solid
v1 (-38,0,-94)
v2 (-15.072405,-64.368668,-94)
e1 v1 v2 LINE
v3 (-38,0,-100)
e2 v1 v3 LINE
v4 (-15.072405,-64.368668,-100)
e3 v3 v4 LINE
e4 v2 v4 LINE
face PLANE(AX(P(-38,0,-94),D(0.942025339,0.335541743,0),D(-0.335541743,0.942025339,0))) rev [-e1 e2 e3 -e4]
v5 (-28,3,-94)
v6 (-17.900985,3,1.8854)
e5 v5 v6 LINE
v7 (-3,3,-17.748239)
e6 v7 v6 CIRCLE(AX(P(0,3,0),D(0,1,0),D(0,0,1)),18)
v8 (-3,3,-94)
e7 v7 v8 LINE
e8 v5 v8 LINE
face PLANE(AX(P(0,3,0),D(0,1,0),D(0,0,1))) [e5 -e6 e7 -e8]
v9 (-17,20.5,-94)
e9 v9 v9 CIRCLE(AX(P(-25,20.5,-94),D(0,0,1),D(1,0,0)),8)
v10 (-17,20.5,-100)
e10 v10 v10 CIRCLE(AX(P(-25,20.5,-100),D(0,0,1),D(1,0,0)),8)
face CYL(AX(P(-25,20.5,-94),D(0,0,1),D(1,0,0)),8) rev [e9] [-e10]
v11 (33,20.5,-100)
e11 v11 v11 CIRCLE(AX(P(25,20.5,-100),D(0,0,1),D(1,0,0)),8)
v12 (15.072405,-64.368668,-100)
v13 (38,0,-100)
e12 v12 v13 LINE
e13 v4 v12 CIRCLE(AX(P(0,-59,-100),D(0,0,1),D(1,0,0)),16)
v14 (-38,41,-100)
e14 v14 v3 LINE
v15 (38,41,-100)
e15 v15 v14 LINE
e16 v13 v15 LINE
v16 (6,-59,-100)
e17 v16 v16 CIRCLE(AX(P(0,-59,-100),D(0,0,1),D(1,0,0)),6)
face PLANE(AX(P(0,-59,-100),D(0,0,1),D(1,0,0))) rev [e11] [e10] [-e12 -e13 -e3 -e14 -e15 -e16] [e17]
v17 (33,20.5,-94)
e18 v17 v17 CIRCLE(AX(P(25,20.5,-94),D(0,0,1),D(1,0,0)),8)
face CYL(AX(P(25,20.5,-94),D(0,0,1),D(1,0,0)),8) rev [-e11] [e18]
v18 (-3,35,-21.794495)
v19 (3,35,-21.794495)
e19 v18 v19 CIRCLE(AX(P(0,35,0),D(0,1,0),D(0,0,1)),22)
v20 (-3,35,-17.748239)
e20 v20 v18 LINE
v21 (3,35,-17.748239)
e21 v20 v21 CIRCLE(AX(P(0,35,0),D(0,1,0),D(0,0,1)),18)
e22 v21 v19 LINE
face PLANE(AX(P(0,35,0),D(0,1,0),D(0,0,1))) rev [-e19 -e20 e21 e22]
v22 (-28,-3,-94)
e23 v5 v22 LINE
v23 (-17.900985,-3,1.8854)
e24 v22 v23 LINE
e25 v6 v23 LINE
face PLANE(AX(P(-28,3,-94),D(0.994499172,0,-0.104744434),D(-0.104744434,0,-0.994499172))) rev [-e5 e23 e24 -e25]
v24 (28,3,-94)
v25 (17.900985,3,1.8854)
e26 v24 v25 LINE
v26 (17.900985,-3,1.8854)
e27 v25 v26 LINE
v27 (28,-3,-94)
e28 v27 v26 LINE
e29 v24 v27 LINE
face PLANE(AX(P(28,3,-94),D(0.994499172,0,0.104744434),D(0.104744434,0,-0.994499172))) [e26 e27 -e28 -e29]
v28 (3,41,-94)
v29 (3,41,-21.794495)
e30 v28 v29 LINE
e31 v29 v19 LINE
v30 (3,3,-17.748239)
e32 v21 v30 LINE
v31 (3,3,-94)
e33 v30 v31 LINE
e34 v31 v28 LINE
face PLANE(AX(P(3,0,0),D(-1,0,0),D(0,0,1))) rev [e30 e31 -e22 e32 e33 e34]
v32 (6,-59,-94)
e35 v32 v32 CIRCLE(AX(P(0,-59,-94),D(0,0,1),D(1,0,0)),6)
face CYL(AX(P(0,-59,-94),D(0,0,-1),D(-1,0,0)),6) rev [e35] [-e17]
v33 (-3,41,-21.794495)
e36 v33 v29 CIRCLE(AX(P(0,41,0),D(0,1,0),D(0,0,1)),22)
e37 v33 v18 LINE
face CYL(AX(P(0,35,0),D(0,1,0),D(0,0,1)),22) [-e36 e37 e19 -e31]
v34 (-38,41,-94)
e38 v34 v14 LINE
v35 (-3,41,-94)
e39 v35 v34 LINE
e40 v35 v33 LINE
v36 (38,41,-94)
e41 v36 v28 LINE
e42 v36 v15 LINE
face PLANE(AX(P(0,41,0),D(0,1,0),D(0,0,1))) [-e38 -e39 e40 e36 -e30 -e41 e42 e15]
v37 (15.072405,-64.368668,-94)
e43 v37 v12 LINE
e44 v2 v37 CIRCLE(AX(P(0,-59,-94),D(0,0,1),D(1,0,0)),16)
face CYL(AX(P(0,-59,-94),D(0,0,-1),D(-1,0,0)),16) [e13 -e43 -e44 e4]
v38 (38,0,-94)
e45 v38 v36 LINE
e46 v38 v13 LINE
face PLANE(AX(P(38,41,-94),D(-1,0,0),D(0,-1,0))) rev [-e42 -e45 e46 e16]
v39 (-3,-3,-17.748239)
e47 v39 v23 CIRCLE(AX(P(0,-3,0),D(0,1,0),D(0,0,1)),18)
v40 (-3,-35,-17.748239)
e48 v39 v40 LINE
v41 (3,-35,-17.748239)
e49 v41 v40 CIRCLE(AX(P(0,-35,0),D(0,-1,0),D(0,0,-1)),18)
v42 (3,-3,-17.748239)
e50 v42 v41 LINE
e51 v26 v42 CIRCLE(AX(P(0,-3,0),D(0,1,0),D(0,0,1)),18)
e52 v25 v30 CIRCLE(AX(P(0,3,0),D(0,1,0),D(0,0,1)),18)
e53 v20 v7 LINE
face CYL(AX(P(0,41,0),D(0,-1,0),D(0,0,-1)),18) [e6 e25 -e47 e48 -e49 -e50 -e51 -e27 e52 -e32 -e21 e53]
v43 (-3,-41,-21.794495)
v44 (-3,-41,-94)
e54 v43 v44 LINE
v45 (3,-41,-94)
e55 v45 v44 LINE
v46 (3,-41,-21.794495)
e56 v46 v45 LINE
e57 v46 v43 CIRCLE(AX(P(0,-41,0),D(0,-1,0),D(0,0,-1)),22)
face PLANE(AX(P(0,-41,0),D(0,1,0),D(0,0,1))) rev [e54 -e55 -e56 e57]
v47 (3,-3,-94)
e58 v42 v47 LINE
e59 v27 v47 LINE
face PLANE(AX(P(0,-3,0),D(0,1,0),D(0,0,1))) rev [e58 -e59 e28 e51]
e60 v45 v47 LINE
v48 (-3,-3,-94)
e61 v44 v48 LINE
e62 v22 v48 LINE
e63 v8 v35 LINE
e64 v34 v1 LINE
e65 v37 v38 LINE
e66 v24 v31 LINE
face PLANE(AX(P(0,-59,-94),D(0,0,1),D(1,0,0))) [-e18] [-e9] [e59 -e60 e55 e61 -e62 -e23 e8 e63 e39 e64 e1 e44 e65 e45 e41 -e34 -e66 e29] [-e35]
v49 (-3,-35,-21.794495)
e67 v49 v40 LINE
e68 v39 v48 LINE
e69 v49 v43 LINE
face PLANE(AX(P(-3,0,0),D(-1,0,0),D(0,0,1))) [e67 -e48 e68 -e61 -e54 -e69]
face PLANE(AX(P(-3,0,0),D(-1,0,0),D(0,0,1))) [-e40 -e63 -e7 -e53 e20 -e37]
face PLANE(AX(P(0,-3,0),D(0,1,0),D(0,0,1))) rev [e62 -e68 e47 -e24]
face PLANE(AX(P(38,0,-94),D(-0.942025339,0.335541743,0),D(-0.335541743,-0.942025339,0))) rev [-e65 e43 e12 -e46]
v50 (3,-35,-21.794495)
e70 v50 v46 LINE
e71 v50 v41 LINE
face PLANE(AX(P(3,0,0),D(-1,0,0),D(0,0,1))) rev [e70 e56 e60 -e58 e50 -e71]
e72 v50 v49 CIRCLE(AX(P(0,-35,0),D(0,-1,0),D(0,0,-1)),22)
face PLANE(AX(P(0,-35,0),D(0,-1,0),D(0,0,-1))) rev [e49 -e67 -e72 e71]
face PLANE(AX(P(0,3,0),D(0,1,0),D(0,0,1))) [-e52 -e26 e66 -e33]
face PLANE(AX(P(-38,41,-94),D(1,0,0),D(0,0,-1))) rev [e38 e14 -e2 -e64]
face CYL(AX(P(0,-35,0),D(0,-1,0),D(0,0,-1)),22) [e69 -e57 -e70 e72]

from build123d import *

# Parameters (mm, degrees)
SKETCH1_R           = 18
BOSS_EXTRUDE1_DEPTH = 41
SKETCH3_R           = 6
BOSS_EXTRUDE2_DEPTH = 6
SKETCH4_W           = 81
SKETCH4_H           = 82
BOSS_EXTRUDE3_DEPTH = 3
SKETCH6_R           = 22
BOSS_EXTRUDE4_DEPTH = 6
BOSS_EXTRUDE5_START = -6
SKETCH7_R           = 22
BOSS_EXTRUDE5_DEPTH = 6
BOSS_EXTRUDE6_DEPTH = 3
HOLE1_D             = 16
HOLE1_DEPTH         = 6


with BuildPart() as part:
    # Sketch1 → Boss-Extrude1 (new, symmetric)
    with BuildSketch(Plane(origin=(0, 0, 0), x_dir=(1, 0, 0), z_dir=(0, 1, 0))):
        with Locations(Location((0, 0, 0), (0, 0, 270))):
            Circle(SKETCH1_R)
    extrude(amount=BOSS_EXTRUDE1_DEPTH, both=True)



with BuildPart() as body_2:
    # Sketch3 → Boss-Extrude2 (new body)
    with BuildSketch(Plane.XY.offset(-100)):
        with BuildLine():
            Line((-38, 41), (38, 41))
            Line((38, 41), (38, 0))
            Line((38, 0), (15.072405416, -64.368667895))
            ThreePointArc((15.072405416, -64.368667895), (0, -75), (-15.072405416, -64.368667895))
            Line((-15.072405416, -64.368667895), (-38, 0))
            Line((-38, 0), (-38, 41))
        make_face()
        with Locations((0, -59)):
            Circle(SKETCH3_R, mode=Mode.SUBTRACT)
    extrude(amount=BOSS_EXTRUDE2_DEPTH)


with BuildPart() as part_1:
    add(part.part)

    add(body_2.part)  # Boss-Extrude3 merges body 2
    # Sketch4 → Boss-Extrude3 (add, symmetric)
    with BuildSketch(Plane(origin=(0, 0, 0), x_dir=(0, 0, -1), z_dir=(1, 0, 0))):
        with Locations((53.5, 0)):
            Rectangle(SKETCH4_W, SKETCH4_H)
    extrude(amount=BOSS_EXTRUDE3_DEPTH, both=True)

    # Sketch6 → Boss-Extrude4 (add)
    with BuildSketch(Plane(origin=(0, 41, 0), x_dir=(1, 0, 0), z_dir=(0, 1, 0))):
        Circle(SKETCH6_R)
    extrude(amount=-BOSS_EXTRUDE4_DEPTH)

    # Sketch7 → Boss-Extrude5 (add)
    with BuildSketch(Plane.XZ.offset(41).offset(BOSS_EXTRUDE5_START)):
        Circle(SKETCH7_R)
    extrude(amount=BOSS_EXTRUDE5_DEPTH)

    # Sketch8 → Boss-Extrude6 (add, symmetric)
    with BuildSketch(Plane(origin=(0, 0, 0), x_dir=(1, 0, 0), z_dir=(0, 1, 0))):
        with BuildLine():
            Line((-28, 94), (-17.900985099, -1.885399817))
            ThreePointArc((-17.900985099, -1.885399817), (0, 18), (17.900985099, -1.885399817))
            Line((17.900985099, -1.885399817), (28, 94))
            Line((28, 94), (-28, 94))
        make_face()
    extrude(amount=BOSS_EXTRUDE6_DEPTH, both=True)

    # Hole1
    with Locations(Plane.XY.offset(-94)):
        with Locations((25, 20.5), (-25, 20.5)):
            Hole(HOLE1_D / 2, depth=HOLE1_DEPTH)


solid = part_1.part
